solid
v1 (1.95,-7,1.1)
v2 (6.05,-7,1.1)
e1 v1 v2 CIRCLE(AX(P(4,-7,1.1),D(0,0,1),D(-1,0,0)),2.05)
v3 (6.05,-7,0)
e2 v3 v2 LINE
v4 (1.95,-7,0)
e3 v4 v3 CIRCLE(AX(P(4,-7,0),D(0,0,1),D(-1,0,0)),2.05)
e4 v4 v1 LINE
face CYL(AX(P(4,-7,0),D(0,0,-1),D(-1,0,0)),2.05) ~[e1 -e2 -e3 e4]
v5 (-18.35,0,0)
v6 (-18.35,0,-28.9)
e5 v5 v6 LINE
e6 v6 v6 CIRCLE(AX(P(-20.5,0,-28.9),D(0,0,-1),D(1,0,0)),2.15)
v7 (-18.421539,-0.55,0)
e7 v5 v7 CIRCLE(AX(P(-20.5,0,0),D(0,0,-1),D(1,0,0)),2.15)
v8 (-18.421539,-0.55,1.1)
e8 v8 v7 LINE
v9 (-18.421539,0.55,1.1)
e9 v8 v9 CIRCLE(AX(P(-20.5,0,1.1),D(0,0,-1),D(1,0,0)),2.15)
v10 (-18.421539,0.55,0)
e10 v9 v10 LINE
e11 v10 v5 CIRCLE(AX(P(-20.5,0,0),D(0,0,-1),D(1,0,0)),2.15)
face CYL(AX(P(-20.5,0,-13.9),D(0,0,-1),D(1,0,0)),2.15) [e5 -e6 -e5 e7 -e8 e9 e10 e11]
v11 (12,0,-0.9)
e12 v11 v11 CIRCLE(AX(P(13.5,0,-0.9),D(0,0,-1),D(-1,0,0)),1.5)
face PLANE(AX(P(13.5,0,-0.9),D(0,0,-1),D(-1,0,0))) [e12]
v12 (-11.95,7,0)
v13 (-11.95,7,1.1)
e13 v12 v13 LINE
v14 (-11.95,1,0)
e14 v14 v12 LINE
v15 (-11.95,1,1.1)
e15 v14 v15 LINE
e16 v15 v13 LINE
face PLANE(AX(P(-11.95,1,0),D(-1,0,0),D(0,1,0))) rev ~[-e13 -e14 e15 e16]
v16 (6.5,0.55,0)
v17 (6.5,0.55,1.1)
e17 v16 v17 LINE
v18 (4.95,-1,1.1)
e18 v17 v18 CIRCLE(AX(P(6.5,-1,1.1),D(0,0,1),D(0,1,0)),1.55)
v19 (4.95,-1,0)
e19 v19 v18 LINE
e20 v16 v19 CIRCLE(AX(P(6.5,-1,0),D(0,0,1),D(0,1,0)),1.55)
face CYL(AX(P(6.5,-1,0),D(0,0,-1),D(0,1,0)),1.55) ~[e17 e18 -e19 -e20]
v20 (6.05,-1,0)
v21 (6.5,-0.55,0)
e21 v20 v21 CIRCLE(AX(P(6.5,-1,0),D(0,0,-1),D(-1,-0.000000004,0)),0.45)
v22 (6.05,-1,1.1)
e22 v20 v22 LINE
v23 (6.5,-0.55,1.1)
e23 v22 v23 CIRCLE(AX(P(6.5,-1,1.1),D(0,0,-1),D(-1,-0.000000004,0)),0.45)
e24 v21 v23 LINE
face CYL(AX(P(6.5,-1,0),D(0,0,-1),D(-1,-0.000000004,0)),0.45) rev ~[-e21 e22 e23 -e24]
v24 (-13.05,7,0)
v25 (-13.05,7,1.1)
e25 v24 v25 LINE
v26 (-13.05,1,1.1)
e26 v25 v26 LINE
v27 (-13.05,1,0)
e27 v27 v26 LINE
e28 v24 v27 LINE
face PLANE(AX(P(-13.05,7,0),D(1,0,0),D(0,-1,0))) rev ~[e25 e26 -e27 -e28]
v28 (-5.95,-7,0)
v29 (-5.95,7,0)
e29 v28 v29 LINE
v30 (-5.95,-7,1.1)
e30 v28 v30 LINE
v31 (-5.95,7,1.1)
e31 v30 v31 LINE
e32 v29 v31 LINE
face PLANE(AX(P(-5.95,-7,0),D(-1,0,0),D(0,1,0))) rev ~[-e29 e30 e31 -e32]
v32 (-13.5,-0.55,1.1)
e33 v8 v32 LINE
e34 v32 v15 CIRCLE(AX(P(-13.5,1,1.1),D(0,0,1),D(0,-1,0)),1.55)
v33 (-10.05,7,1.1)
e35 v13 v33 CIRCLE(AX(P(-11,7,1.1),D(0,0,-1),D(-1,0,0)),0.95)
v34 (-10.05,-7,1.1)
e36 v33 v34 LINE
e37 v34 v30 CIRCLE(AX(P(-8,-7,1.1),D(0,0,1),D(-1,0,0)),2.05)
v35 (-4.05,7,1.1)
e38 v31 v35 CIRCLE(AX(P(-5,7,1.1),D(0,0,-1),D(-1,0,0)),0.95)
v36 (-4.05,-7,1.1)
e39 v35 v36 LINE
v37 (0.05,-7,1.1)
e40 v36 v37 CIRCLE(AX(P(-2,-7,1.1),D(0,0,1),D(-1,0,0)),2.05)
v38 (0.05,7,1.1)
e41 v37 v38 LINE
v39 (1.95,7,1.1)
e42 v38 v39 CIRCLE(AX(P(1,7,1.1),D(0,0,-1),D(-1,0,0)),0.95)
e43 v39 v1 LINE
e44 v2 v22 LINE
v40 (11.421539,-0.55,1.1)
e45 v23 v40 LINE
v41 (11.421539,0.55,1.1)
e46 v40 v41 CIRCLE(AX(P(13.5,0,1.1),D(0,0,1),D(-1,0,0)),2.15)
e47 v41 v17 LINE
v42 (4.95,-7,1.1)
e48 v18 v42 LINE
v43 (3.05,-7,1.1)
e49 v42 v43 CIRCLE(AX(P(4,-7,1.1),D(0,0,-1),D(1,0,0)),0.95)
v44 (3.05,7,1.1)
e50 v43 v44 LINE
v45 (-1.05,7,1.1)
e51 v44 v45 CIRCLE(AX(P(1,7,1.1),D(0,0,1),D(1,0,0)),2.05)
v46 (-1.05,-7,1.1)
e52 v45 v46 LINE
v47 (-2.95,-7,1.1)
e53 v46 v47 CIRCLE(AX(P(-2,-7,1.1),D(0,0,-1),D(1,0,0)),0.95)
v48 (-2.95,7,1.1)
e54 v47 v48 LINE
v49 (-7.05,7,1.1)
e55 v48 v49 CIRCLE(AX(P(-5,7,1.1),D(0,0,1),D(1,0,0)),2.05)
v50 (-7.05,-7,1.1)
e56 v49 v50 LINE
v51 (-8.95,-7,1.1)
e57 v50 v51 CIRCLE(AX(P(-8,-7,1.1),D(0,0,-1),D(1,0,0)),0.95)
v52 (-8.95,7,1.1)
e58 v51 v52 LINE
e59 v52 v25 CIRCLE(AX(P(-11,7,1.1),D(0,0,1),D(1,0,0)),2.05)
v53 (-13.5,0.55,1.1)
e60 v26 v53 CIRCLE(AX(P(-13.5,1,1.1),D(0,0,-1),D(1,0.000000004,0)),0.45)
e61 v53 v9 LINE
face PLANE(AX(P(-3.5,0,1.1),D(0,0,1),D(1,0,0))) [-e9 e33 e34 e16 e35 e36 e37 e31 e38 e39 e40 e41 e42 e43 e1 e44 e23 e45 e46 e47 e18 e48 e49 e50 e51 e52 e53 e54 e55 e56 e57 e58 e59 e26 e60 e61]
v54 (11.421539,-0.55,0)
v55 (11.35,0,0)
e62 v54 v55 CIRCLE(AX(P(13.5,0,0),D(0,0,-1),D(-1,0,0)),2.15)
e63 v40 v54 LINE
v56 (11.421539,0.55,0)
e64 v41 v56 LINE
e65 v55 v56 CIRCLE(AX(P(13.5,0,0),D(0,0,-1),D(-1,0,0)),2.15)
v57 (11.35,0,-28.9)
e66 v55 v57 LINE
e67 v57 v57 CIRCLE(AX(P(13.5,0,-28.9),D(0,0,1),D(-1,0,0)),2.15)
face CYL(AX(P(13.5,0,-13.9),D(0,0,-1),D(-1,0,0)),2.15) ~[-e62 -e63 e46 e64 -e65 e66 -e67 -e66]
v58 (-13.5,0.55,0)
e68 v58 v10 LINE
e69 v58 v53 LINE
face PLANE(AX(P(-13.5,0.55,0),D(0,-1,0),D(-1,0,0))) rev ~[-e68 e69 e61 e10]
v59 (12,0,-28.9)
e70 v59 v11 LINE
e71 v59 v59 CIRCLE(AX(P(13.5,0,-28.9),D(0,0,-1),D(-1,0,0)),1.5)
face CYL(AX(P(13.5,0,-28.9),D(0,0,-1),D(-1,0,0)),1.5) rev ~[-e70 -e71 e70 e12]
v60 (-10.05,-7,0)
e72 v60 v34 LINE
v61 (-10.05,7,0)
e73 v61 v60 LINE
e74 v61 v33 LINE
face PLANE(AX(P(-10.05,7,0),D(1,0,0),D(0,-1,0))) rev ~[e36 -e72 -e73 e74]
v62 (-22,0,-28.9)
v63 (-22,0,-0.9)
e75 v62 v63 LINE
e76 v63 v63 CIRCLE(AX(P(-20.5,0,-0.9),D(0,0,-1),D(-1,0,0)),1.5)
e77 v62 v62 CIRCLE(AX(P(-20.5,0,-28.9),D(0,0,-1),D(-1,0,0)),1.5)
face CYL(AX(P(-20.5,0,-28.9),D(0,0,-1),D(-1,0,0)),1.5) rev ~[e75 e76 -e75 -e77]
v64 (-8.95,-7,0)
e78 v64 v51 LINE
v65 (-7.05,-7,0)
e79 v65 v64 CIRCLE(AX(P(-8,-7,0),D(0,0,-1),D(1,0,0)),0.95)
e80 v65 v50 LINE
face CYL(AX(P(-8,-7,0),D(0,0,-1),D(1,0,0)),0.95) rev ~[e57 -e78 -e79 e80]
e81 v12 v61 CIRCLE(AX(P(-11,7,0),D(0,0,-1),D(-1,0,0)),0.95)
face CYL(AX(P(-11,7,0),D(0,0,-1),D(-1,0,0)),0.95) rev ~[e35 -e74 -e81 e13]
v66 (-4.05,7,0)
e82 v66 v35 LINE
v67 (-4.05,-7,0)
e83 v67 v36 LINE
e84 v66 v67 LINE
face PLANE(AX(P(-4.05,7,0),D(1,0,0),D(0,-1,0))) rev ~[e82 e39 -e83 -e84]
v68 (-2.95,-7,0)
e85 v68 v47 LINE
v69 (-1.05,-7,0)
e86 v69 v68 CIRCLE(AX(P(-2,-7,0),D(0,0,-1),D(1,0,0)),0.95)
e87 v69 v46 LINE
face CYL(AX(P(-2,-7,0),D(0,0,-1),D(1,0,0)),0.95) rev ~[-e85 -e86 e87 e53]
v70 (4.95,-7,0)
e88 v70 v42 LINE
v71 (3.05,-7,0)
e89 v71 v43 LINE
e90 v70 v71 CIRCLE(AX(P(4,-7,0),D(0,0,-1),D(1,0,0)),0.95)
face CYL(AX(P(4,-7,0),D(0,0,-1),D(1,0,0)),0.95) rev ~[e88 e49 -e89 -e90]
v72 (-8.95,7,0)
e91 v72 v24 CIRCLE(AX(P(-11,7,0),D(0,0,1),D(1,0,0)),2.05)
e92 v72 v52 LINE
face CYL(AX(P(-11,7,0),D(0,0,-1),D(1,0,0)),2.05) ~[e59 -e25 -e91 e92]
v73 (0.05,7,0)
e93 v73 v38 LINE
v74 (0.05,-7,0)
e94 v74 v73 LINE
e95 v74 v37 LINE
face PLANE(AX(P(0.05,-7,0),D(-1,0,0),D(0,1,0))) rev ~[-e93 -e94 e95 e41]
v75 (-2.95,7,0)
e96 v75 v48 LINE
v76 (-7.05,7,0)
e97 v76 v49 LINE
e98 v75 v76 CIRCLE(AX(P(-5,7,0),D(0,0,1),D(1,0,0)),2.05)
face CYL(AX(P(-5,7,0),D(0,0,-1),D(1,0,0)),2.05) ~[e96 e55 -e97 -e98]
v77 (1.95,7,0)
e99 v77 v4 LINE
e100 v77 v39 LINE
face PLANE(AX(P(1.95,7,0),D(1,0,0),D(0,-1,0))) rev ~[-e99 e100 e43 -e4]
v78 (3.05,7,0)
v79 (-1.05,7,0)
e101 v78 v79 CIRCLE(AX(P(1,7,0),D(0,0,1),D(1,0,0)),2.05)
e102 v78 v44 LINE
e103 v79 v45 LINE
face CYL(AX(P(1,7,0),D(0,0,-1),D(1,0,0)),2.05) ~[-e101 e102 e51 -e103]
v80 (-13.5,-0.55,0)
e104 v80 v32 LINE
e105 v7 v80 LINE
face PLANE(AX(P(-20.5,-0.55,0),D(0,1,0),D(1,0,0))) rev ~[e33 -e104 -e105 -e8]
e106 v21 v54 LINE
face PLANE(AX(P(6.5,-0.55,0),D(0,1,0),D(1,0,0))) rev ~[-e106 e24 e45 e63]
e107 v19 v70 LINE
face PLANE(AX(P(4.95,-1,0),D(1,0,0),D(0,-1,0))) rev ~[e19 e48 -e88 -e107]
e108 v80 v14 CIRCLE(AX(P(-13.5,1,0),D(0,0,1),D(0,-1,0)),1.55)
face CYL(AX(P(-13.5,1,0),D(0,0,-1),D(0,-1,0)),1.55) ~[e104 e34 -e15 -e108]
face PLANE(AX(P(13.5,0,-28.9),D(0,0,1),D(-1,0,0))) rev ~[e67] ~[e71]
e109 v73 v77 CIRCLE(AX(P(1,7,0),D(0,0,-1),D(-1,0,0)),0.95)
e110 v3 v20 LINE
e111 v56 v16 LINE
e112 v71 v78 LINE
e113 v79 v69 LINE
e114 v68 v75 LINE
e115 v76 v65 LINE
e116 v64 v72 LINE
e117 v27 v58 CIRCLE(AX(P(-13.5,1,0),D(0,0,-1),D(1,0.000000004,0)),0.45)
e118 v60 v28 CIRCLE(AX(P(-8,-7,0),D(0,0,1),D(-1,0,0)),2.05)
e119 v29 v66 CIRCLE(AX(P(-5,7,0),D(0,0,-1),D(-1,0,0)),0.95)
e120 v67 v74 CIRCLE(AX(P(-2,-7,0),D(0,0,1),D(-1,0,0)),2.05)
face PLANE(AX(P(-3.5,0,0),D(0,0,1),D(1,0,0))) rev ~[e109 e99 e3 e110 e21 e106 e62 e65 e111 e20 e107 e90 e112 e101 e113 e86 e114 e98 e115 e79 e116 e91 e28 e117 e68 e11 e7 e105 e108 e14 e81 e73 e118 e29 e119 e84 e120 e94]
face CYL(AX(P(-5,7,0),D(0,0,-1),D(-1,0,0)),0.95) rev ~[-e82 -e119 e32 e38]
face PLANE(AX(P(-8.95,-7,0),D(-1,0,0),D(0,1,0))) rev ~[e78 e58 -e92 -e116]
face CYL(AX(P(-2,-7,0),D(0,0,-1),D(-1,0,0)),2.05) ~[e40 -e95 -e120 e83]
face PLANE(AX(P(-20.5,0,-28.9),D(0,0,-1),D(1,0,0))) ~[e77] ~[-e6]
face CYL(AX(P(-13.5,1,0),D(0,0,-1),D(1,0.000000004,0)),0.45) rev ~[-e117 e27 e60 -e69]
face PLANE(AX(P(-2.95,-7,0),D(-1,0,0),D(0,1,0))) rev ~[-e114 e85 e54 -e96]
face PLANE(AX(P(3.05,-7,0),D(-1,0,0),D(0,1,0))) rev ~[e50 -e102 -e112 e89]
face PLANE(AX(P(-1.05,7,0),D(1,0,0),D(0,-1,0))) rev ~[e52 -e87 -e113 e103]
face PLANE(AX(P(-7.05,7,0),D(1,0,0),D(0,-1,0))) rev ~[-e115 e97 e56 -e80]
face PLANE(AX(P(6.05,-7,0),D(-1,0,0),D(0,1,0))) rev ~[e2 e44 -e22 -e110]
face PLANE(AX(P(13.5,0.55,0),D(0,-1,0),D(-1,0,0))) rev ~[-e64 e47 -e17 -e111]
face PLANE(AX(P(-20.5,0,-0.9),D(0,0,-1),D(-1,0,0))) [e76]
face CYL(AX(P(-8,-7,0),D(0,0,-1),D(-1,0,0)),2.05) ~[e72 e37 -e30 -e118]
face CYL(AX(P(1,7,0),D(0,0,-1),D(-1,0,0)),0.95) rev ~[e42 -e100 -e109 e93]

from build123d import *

# Parameters (mm, degrees)
BOSS_EXTRUDE1_DEPTH = 1.1
SKETCH3_W           = 2.15
SKETCH3_H           = 30
SKETCH4_W           = 2.15
SKETCH4_H           = 30
SKETCH5_R           = 1.5
CUT_EXTRUDE1_DEPTH  = 28


with BuildPart() as part:
    # Sketch2 → Boss-Extrude1 (new body)
    with BuildSketch(Plane.XY):
        with BuildLine():
            Line((-20.5, -0.55), (-13.5, -0.55))
            ThreePointArc((-13.5, -0.55), (-12.403984489, -0.096015511), (-11.95, 1))
            Line((-11.95, 1), (-11.95, 7))
            ThreePointArc((-11.95, 7), (-11, 7.95), (-10.05, 7))
            Line((-10.05, 7), (-10.05, 0))
            Line((-10.05, 0), (-10.05, -7))
            ThreePointArc((-10.05, -7), (-8, -9.05), (-5.95, -7))
            Line((-5.95, -7), (-5.95, 0))
            Line((-5.95, 0), (-5.95, 7))
            ThreePointArc((-5.95, 7), (-5, 7.95), (-4.05, 7))
            Line((-4.05, 7), (-4.05, 0))
            Line((-4.05, 0), (-4.05, -7))
            ThreePointArc((-4.05, -7), (-2, -9.05), (0.05, -7))
            Line((0.05, -7), (0.05, 0))
            Line((0.05, 0), (0.05, 7))
            ThreePointArc((0.05, 7), (1, 7.95), (1.95, 7))
            Line((1.95, 7), (1.95, 0))
            Line((1.95, 0), (1.95, -7))
            ThreePointArc((1.95, -7), (4, -9.05), (6.05, -7))
            Line((6.05, -7), (6.05, -1))
            ThreePointArc((6.05, -1), (6.181801948, -0.681801948), (6.5, -0.55))
            Line((6.5, -0.55), (13.5, -0.55))
            ThreePointArc((13.5, -0.55), (14.05, 0), (13.5, 0.55))
            Line((13.5, 0.55), (6.5, 0.55))
            ThreePointArc((6.5, 0.55), (5.403984489, 0.096015511), (4.95, -1))
            Line((4.95, -1), (4.95, -7))
            ThreePointArc((4.95, -7), (4, -7.95), (3.05, -7))
            Line((3.05, -7), (3.05, 0))
            Line((3.05, 0), (3.05, 7))
            ThreePointArc((3.05, 7), (1, 9.05), (-1.05, 7))
            Line((-1.05, 7), (-1.05, 0))
            Line((-1.05, 0), (-1.05, -7))
            ThreePointArc((-1.05, -7), (-2, -7.95), (-2.95, -7))
            Line((-2.95, -7), (-2.95, 0))
            Line((-2.95, 0), (-2.95, 7))
            ThreePointArc((-2.95, 7), (-5, 9.05), (-7.05, 7))
            Line((-7.05, 7), (-7.05, 0))
            Line((-7.05, 0), (-7.05, -7))
            ThreePointArc((-7.05, -7), (-8, -7.95), (-8.95, -7))
            Line((-8.95, -7), (-8.95, 0))
            Line((-8.95, 0), (-8.95, 7))
            ThreePointArc((-8.95, 7), (-11, 9.05), (-13.05, 7))
            Line((-13.05, 7), (-13.05, 1))
            ThreePointArc((-13.05, 1), (-13.181801948, 0.681801948), (-13.5, 0.55))
            Line((-13.5, 0.55), (-20.5, 0.55))
            ThreePointArc((-20.5, 0.55), (-21.05, 0), (-20.5, -0.55))
        make_face()
    extrude(amount=BOSS_EXTRUDE1_DEPTH)

    # Sketch3 → Revolve1 (revolve)
    with BuildSketch(Plane(origin=(0, 0, 0), x_dir=(-1, 0, 0), z_dir=(0, -1, 0)), mode=Mode.PRIVATE) as revolve1_sk:
        with Locations((21.575, 13.9)):
            Rectangle(SKETCH3_W, SKETCH3_H)
    revolve(revolve1_sk.sketch.rotate(Axis((-20.5, 0, 1.1), (0, 0, -1)), 180), axis=Axis((-20.5, 0, 1.1), (0, 0, -1)))

    # Sketch4 → Revolve2 (revolve)
    with BuildSketch(Plane(origin=(0, 0, 0), x_dir=(-1, 0, 0), z_dir=(0, -1, 0)), mode=Mode.PRIVATE) as revolve2_sk:
        with Locations((-14.575, 13.9)):
            Rectangle(SKETCH4_W, SKETCH4_H)
    revolve(revolve2_sk.sketch.rotate(Axis((13.5, 0, -28.9), (0, 0, 1)), 180), axis=Axis((13.5, 0, -28.9), (0, 0, 1)))

    # Sketch5 → Cut-Extrude1 (cut)
    with BuildSketch(Plane(origin=(0, 0, -28.9), x_dir=(-1, 0, 0), z_dir=(0, 0, -1))):
        with Locations((20.5, 0)):
            Circle(SKETCH5_R)
        with Locations((-13.5, 0)):
            Circle(SKETCH5_R)
    extrude(amount=-CUT_EXTRUDE1_DEPTH, mode=Mode.SUBTRACT)


solid = part.part
